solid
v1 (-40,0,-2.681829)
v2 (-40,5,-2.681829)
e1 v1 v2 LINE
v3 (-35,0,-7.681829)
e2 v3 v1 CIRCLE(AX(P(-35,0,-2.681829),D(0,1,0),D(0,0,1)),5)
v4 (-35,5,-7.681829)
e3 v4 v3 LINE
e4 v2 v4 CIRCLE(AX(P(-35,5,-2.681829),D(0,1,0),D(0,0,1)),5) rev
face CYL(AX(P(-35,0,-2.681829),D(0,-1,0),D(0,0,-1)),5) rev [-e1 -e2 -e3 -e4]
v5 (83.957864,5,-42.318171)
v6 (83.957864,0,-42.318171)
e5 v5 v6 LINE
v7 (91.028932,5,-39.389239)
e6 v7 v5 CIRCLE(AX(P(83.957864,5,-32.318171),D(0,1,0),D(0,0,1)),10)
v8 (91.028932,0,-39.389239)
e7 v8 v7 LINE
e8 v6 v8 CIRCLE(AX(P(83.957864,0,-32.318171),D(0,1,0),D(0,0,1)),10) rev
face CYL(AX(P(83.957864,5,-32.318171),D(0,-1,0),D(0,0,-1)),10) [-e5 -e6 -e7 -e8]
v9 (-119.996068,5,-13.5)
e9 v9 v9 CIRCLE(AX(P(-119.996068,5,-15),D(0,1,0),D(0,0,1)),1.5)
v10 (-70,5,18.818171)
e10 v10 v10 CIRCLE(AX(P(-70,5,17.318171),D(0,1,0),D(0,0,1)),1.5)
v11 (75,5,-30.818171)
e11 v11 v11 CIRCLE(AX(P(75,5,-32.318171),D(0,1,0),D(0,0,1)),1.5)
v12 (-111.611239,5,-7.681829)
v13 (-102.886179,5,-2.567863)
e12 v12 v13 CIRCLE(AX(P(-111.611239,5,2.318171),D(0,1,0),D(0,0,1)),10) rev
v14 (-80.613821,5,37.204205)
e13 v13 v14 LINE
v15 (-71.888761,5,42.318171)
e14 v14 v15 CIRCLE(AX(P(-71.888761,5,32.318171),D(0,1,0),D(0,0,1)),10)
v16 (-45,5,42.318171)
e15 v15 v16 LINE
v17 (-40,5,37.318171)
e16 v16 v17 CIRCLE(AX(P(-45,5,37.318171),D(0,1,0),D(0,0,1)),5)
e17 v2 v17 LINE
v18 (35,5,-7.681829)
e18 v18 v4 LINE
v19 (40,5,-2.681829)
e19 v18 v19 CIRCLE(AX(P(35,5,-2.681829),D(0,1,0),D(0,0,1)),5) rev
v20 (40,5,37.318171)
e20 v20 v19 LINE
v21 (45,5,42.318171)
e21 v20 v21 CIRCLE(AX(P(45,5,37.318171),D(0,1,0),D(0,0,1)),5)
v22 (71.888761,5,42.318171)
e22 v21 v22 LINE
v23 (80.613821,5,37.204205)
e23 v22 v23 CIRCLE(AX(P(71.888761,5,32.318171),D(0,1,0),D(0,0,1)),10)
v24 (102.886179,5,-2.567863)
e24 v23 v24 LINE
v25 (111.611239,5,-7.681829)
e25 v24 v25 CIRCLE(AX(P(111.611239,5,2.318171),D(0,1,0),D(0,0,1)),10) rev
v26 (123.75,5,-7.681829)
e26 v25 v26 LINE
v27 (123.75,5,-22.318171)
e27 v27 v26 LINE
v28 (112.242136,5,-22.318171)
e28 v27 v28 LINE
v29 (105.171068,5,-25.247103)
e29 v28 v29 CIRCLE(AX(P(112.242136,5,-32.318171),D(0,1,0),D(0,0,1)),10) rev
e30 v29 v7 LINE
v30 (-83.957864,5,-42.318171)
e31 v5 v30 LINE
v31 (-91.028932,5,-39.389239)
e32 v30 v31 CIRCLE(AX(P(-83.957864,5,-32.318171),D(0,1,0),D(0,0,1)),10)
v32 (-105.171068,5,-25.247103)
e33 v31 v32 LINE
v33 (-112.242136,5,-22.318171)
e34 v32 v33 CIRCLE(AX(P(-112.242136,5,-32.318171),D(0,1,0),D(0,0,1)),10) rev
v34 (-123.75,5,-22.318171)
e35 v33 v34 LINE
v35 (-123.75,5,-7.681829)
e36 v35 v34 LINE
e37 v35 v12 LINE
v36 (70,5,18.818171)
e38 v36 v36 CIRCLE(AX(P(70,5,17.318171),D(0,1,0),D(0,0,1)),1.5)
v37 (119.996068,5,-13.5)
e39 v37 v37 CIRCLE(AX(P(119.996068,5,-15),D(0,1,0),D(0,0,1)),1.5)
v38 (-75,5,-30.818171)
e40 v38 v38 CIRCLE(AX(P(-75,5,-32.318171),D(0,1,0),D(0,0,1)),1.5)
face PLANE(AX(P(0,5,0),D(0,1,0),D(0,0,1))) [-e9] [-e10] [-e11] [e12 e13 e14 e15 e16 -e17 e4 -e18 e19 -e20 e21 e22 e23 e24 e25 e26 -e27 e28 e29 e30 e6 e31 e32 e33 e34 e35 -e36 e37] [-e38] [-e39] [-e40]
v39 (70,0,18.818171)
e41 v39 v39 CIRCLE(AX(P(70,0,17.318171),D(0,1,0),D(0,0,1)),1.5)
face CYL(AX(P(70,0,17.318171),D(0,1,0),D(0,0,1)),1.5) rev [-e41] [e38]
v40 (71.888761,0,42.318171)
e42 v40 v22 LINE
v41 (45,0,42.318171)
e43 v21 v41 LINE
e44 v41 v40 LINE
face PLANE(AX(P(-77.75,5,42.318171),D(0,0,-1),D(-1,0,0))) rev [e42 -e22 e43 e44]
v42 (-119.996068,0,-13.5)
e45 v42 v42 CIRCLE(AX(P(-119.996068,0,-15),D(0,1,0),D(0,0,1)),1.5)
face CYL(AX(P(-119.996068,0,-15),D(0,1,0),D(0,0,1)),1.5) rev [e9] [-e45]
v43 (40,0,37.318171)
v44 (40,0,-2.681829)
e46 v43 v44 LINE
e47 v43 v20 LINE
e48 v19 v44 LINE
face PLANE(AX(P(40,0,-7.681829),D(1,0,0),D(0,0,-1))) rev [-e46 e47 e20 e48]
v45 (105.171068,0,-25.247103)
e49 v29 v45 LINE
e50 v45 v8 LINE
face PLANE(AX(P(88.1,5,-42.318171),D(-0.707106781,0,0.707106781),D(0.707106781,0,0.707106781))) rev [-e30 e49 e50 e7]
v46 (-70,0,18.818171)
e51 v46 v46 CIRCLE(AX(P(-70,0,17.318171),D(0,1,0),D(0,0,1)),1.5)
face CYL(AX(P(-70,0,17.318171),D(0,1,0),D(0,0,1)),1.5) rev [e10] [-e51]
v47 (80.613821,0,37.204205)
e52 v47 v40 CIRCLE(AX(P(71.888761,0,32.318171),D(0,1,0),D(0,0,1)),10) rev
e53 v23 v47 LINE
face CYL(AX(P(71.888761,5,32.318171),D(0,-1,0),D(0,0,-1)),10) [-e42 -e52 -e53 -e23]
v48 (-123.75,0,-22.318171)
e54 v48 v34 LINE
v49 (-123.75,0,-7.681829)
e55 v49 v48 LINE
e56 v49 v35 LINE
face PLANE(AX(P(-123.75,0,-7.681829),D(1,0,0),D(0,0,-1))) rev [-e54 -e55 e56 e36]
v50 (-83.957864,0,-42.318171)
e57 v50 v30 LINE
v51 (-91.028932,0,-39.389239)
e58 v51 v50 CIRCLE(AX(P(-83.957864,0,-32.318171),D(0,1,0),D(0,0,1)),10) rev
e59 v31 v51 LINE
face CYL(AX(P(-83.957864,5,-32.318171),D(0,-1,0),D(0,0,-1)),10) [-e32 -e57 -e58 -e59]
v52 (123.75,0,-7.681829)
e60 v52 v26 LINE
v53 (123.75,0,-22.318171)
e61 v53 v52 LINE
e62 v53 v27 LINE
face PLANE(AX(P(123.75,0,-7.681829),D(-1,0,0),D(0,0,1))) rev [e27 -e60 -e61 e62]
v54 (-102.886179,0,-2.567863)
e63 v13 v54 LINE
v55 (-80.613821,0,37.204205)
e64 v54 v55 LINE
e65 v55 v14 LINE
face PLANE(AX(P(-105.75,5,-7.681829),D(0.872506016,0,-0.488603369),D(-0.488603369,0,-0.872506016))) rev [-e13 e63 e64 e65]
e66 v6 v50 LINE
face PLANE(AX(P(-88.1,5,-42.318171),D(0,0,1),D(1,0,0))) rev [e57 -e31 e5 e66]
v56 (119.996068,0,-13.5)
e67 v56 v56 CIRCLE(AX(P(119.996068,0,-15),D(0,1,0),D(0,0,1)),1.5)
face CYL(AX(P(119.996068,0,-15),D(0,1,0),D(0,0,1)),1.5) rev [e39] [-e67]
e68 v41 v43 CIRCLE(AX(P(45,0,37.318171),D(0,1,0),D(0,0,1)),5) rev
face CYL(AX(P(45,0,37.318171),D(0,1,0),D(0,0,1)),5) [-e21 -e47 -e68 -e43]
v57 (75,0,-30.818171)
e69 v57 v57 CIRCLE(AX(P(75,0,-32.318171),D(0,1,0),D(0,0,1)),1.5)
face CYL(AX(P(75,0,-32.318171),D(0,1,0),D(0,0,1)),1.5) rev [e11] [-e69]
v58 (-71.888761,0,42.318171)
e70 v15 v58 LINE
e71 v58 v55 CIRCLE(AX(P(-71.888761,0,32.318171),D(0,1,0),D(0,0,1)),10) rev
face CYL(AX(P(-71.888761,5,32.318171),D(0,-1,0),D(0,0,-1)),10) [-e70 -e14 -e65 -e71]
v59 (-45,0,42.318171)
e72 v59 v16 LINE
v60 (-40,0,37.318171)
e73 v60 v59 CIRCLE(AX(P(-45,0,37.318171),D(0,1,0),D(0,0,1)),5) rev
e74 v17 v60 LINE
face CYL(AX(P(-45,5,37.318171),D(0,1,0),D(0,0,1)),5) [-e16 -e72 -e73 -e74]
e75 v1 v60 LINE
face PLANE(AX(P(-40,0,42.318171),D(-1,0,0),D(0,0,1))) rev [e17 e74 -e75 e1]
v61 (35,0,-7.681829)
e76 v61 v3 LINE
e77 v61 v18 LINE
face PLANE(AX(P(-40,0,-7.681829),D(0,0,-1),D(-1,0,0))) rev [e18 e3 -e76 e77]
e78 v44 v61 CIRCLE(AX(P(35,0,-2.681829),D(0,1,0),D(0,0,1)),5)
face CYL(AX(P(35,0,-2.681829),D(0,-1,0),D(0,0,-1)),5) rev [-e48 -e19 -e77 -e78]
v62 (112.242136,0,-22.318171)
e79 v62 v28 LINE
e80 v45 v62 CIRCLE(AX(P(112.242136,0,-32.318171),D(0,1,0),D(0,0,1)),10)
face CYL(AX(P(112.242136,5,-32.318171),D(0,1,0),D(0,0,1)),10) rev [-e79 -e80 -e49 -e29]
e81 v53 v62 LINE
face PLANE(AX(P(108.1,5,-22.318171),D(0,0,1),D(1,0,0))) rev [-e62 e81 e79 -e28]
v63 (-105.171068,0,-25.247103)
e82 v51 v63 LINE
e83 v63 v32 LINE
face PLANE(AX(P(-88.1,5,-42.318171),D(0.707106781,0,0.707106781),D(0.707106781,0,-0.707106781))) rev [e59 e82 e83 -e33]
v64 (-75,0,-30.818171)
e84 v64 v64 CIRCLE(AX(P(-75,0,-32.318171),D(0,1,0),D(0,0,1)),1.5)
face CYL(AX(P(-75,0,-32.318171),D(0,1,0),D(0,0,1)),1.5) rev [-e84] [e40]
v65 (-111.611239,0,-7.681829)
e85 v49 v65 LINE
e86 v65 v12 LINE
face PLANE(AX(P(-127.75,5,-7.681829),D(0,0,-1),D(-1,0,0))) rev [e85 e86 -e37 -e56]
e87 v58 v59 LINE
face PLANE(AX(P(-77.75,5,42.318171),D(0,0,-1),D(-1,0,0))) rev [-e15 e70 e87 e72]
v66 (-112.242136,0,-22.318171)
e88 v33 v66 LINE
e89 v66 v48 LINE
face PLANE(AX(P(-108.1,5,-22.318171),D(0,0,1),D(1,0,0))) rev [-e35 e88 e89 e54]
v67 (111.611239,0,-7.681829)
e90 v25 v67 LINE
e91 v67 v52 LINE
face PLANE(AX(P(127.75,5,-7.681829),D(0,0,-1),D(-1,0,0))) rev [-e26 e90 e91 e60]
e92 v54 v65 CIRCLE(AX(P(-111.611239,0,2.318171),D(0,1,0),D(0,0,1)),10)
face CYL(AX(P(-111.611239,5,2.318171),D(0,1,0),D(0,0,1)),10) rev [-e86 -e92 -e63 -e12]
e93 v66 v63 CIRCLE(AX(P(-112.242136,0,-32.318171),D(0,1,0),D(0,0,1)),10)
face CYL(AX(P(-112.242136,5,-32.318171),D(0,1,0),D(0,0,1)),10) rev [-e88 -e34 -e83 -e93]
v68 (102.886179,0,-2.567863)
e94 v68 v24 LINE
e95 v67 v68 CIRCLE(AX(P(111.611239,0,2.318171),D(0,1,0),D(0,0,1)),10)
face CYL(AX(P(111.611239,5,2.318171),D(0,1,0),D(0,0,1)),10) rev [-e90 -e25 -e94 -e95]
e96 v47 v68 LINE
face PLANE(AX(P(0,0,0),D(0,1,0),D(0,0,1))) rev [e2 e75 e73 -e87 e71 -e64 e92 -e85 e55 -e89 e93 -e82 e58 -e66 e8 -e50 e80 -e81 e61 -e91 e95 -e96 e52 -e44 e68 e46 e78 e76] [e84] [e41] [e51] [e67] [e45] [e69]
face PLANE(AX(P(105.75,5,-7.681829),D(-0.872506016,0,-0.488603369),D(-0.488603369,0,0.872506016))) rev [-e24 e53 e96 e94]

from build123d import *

# Parameters (mm, degrees)
SALIENTE_EXTRUIR1_DEPTH = 5
REDONDEO1_R             = 10
CROQUIS2_R              = 1.5
CORTAR_EXTRUIR1_DEPTH   = 135.669558943
CROQUIS4_W              = 80
CROQUIS4_H              = 50
CORTAR_EXTRUIR2_DEPTH   = 135.669558943
REDONDEO2_R             = 5
CROQUIS5_W              = 4
CROQUIS5_H              = 14.636342218
CORTAR_EXTRUIR3_DEPTH   = 135.669558943


with BuildPart() as part:
    # Croquis1 → Saliente-Extruir1 (new body)
    with BuildSketch(Plane(origin=(0, 0, 0), x_dir=(1, 0, 0), z_dir=(0, 1, 0))):
        Polygon((-88.1, 42.318171109), (88.1, 42.318171109), (108.1, 22.318171109), (127.75, 22.318171109), (127.75, 7.681828891), (105.75, 7.681828891), (77.75, -42.318171109), (-77.75, -42.318171109), (-105.75, 7.681828891), (-127.75, 7.681828891), (-127.75, 22.318171109), (-108.1, 22.318171109), align=None)
    extrude(amount=SALIENTE_EXTRUIR1_DEPTH)

    # Redondeo1
    redondeo1_edges = [part.edges().sort_by_distance(p)[0] for p in [
        (-88.1, 2.5, -42.318171109),
        (88.1, 2.5, -42.318171109),
        (108.1, 2.5, -22.318171109),
        (105.75, 2.5, -7.681828891),
        (77.75, 2.5, 42.318171109),
        (-77.75, 2.5, 42.318171109),
        (-105.75, 2.5, -7.681828891),
        (-108.1, 2.5, -22.318171109),
    ]]
    fillet(redondeo1_edges, radius=REDONDEO1_R)

    # Croquis2 → Cortar-Extruir1 (cut, through all)
    with BuildSketch(Plane(origin=(0, 5, 0), x_dir=(1, 0, 0), z_dir=(0, 1, 0))):
        with Locations(Location((70, -17.318171109, 0), (0, 0, 270))):
            Circle(CROQUIS2_R)
        with Locations(Location((-70, -17.318171109, 0), (0, 0, 270))):
            Circle(CROQUIS2_R)
        with Locations(Location((-119.996067812, 15, 0), (0, 0, 270))):
            Circle(CROQUIS2_R)
        with Locations(Location((119.996067812, 15, 0), (0, 0, 270))):
            Circle(CROQUIS2_R)
        with Locations(Location((-75, 32.318171109, 0), (0, 0, 270))):
            Circle(CROQUIS2_R)
        with Locations(Location((75, 32.318171109, 0), (0, 0, 270))):
            Circle(CROQUIS2_R)
        with Locations(Location((-17.5, -17.318171109, 0), (0, 0, 270))):
            Circle(CROQUIS2_R)
        with Locations(Location((17.5, -17.318171109, 0), (0, 0, 270))):
            Circle(CROQUIS2_R)
        with Locations(Location((-17.5, -37.318171109, 0), (0, 0, 270))):
            Circle(CROQUIS2_R)
        with Locations(Location((17.5, -37.318171109, 0), (0, 0, 270))):
            Circle(CROQUIS2_R)
    extrude(amount=-CORTAR_EXTRUIR1_DEPTH, mode=Mode.SUBTRACT)

    # Croquis4 → Cortar-Extruir2 (cut, through all)
    with BuildSketch(Plane(origin=(0, 5, 0), x_dir=(1, 0, 0), z_dir=(0, 1, 0))):
        with Locations((0, -17.318171109)):
            Rectangle(CROQUIS4_W, CROQUIS4_H)
    extrude(amount=-CORTAR_EXTRUIR2_DEPTH, mode=Mode.SUBTRACT)

    # Redondeo2
    redondeo2_edges = [part.edges().sort_by_distance(p)[0] for p in [
        (40, 2.5, 42.318171109),
        (-40, 2.5, 42.318171109),
        (-40, 2.5, -7.681828891),
        (40, 2.5, -7.681828891),
    ]]
    fillet(redondeo2_edges, radius=REDONDEO2_R)

    # Croquis5 → Cortar-Extruir3 (cut, through all)
    with BuildSketch(Plane(origin=(0, 5, 0), x_dir=(1, 0, 0), z_dir=(0, 1, 0))):
        with Locations((-125.75, 15)):
            Rectangle(CROQUIS5_W, CROQUIS5_H)
        with Locations((125.75, 15)):
            Rectangle(CROQUIS5_W, CROQUIS5_H)
    extrude(amount=-CORTAR_EXTRUIR3_DEPTH, mode=Mode.SUBTRACT)


solid = part.part
